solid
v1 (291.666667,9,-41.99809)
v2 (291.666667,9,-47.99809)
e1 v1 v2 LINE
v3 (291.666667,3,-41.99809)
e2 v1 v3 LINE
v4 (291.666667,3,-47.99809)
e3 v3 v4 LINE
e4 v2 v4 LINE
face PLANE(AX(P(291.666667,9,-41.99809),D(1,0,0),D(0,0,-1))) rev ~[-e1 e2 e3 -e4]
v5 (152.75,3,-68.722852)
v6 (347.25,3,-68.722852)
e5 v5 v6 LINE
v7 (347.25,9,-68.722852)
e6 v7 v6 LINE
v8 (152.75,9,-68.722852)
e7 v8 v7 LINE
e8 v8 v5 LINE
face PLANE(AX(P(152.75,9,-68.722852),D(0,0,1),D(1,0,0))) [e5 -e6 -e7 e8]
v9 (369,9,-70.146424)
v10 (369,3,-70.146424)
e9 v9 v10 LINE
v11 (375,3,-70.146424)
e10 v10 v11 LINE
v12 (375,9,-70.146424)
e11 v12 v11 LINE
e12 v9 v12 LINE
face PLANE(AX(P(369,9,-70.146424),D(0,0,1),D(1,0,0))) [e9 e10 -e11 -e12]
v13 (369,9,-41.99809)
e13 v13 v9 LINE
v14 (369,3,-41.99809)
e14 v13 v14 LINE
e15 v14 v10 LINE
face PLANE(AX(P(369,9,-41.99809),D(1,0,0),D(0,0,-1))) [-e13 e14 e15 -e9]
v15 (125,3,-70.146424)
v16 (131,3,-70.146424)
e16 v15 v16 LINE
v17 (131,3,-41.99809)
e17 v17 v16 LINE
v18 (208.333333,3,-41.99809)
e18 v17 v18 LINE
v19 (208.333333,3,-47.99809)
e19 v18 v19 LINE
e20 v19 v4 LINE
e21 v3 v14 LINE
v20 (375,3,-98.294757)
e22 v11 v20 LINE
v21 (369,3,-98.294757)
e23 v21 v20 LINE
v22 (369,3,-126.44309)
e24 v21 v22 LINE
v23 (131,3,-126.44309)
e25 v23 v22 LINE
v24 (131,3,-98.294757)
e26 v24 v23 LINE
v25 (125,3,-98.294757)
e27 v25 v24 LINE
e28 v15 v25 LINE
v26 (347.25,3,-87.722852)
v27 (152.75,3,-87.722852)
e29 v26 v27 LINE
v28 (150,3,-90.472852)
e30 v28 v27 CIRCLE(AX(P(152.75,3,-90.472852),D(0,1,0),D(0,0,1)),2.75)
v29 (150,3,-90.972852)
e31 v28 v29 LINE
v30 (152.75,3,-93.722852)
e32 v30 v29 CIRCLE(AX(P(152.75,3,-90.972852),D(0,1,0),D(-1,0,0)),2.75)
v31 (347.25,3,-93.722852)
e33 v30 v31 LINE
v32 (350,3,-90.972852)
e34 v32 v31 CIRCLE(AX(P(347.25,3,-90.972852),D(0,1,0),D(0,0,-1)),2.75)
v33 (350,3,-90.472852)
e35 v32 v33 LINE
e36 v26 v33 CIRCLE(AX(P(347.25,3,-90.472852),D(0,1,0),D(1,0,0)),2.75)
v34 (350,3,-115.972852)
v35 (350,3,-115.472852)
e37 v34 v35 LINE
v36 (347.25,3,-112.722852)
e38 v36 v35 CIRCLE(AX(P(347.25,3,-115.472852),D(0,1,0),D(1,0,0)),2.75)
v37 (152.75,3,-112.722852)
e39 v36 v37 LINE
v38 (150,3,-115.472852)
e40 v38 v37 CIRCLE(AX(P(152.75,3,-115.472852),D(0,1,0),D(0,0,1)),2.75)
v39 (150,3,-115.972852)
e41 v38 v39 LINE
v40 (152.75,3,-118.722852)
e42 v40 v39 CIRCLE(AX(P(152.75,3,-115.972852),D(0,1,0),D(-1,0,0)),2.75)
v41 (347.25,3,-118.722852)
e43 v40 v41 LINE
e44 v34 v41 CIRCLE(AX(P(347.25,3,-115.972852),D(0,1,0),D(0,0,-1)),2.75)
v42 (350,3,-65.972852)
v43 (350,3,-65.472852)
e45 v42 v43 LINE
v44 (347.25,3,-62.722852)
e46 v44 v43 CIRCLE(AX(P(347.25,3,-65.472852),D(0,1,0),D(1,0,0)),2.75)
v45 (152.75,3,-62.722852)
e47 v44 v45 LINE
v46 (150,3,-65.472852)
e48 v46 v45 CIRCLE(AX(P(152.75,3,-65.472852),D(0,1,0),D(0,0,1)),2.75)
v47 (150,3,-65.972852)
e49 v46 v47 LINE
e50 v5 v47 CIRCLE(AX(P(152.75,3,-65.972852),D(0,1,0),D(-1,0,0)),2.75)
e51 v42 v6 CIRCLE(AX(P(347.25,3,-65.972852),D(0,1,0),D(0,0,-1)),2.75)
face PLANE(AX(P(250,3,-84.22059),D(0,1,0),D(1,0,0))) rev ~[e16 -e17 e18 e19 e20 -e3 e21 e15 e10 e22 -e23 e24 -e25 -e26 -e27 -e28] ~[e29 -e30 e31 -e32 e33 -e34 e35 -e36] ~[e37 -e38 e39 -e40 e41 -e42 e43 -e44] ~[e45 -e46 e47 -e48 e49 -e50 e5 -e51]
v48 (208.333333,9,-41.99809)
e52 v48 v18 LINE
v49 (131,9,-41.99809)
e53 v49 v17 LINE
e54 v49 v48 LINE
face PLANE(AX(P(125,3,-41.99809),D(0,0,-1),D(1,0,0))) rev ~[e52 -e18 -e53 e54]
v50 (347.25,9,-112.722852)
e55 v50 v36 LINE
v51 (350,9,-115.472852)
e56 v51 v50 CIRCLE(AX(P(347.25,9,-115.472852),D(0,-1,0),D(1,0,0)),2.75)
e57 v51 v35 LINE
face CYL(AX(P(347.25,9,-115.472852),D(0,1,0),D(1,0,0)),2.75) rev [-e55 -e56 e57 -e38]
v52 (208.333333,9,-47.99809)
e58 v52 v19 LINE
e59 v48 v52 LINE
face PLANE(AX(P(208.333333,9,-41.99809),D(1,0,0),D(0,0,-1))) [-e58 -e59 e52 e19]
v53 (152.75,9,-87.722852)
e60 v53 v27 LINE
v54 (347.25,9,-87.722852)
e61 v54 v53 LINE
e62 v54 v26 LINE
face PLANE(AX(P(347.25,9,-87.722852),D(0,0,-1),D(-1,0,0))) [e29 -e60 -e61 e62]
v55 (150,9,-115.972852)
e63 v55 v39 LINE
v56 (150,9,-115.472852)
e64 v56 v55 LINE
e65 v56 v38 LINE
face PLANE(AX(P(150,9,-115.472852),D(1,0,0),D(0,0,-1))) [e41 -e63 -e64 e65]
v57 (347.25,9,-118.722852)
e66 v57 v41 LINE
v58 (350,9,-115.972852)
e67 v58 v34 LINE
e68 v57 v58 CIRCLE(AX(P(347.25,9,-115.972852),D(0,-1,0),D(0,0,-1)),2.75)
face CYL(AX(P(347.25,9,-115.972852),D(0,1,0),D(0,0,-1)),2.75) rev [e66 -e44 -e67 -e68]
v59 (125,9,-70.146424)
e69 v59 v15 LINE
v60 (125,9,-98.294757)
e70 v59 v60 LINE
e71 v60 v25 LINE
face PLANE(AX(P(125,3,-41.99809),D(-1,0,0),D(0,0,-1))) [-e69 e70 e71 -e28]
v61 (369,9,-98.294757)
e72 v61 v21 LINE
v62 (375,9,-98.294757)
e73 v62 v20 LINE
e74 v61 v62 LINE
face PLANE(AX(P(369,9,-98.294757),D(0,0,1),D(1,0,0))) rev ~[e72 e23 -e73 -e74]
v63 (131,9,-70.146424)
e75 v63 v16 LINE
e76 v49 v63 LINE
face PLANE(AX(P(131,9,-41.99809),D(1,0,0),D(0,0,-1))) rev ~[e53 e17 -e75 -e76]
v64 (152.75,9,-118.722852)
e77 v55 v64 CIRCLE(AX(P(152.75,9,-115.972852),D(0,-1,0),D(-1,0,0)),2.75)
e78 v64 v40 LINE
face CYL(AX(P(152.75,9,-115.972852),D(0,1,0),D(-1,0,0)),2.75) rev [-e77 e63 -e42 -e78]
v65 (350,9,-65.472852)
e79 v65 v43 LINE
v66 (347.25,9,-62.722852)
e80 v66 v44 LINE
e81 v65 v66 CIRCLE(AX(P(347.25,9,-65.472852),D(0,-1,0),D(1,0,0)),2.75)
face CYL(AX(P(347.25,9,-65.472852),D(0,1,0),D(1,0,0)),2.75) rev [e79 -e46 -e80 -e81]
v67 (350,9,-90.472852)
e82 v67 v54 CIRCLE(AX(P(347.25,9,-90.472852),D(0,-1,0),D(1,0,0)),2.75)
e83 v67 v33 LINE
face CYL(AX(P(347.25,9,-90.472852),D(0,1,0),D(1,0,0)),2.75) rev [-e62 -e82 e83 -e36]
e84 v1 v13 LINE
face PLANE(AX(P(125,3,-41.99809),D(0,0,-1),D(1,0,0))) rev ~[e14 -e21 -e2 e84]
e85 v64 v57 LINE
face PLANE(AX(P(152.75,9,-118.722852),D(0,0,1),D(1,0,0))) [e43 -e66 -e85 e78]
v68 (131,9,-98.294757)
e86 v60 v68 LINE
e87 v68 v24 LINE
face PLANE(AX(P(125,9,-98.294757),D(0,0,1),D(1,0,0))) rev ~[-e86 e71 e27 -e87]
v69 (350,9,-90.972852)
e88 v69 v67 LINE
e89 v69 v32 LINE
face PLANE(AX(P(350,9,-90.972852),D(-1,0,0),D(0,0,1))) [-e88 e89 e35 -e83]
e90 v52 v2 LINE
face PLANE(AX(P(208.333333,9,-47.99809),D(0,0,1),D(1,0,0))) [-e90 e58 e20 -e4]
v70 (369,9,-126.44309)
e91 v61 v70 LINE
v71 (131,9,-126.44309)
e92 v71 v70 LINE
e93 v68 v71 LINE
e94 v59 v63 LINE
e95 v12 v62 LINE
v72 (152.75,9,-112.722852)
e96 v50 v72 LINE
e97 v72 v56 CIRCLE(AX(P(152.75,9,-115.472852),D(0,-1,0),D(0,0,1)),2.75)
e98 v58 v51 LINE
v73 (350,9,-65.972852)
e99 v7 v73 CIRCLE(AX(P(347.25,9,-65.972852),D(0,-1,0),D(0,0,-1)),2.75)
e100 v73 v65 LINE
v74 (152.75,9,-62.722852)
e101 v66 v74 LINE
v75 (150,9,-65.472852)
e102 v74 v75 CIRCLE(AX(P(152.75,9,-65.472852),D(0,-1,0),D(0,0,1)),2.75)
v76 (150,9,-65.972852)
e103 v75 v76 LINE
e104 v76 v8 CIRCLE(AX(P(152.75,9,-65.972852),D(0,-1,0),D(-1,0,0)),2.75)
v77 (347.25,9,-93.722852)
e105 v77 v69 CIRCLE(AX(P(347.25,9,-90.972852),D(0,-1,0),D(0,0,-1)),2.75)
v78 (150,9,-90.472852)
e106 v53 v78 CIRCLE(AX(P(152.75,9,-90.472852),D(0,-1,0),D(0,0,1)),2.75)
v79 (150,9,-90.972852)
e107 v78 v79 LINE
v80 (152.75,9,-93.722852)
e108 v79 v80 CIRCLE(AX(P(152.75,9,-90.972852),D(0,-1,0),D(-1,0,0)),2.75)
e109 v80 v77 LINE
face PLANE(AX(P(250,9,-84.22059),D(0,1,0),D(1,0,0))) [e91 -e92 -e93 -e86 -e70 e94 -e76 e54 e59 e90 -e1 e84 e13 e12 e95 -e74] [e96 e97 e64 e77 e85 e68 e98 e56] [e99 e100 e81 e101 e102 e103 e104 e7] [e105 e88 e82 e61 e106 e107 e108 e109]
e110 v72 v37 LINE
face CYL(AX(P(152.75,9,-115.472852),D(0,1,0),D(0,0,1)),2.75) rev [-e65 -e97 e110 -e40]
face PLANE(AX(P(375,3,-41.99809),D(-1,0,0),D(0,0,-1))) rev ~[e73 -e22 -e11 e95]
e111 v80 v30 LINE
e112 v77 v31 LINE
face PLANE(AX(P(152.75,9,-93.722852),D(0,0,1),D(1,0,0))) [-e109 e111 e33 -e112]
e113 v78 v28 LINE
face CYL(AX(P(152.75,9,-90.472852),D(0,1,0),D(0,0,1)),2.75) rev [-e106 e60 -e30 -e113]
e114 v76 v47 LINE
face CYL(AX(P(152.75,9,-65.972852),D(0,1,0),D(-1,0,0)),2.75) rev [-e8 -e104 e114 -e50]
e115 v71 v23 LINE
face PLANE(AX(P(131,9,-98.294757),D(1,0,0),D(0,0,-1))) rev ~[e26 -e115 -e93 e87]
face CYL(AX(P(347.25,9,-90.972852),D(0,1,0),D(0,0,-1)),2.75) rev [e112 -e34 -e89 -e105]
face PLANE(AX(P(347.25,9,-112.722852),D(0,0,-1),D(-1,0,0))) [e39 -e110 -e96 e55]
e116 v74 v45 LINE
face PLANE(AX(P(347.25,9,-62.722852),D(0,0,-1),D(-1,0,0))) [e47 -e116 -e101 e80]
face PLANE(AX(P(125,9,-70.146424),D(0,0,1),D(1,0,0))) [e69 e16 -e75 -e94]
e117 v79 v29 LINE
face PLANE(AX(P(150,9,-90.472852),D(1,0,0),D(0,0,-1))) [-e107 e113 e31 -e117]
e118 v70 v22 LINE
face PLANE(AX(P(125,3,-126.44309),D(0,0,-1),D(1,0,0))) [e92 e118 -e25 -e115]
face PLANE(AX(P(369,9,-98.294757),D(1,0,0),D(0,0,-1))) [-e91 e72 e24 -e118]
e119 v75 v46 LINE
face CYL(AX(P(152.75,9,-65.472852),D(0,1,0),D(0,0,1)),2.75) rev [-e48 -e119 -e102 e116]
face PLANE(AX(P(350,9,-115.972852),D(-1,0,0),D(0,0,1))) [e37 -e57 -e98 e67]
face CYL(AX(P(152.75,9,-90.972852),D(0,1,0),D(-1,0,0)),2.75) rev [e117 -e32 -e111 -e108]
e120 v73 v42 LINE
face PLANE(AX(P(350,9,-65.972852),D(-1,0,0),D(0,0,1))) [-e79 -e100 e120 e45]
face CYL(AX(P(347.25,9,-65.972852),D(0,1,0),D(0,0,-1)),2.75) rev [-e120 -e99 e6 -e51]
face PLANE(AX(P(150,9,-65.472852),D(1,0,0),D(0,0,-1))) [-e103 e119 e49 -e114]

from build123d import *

# Parameters (mm, degrees)
SKETCH1_W           = 500
SKETCH1_H           = 168.89
BOSS_EXTRUDE1_DEPTH = 12
SKETCH2_W           = 166.666666666
SKETCH2_H           = 12
CUT_EXTRUDE1_DEPTH  = 528.889981057
SKETCH4_W           = 12
SKETCH4_H           = 56.296666667
CUT_EXTRUDE3_DEPTH  = 528.889981057
CUT_EXTRUDE4_DEPTH  = 528.889981057
LPATTERN1_COUNT     = 3
LPATTERN1_PITCH     = 50
SCALE1_SCALE        = 0.5


with BuildPart() as part:
    # Sketch1 → Boss-Extrude1 (new body)
    with BuildSketch(Plane(origin=(0, 0, 0), x_dir=(1, 0, 0), z_dir=(0, 1, 0))):
        with Locations((250, 84.445)):
            Rectangle(SKETCH1_W, SKETCH1_H)
    extrude(amount=BOSS_EXTRUDE1_DEPTH)

    # Sketch2 → Cut-Extrude1 (cut, through all)
    with BuildSketch(Plane(origin=(0, 12, 0), x_dir=(1, 0, 0), z_dir=(0, 1, 0))):
        with Locations((250, 6)):
            Rectangle(SKETCH2_W, SKETCH2_H)
    extrude(amount=-CUT_EXTRUDE1_DEPTH, mode=Mode.SUBTRACT)

    # Sketch4 → Cut-Extrude3 (cut, through all)
    with BuildSketch(Plane(origin=(0, 12, 0), x_dir=(1, 0, 0), z_dir=(0, 1, 0))):
        with Locations((6, 140.741666667)):
            Rectangle(SKETCH4_W, SKETCH4_H)
        with Locations((6, 28.148333334)):
            Rectangle(SKETCH4_W, SKETCH4_H)
        with Locations((494, 28.148333334)):
            Rectangle(SKETCH4_W, SKETCH4_H)
        with Locations((494, 140.741666667)):
            Rectangle(SKETCH4_W, SKETCH4_H)
    extrude(amount=-CUT_EXTRUDE3_DEPTH, mode=Mode.SUBTRACT)

    # Sketch5 → Cut-Extrude4 (cut, through all)
    with BuildSketch(Plane(origin=(0, 12, 0), x_dir=(1, 0, 0), z_dir=(0, 1, 0))):
        with BuildLine():
            Line((55.5, 153.449523313), (444.5, 153.449523313))
            ThreePointArc((444.5, 153.449523313), (448.389087297, 151.838610609), (450, 147.949523313))
            Line((450, 147.949523313), (450, 146.949523313))
            ThreePointArc((450, 146.949523313), (448.389087297, 143.060436016), (444.5, 141.449523313))
            Line((444.5, 141.449523313), (55.5, 141.449523313))
            ThreePointArc((55.5, 141.449523313), (51.610912703, 143.060436016), (50, 146.949523313))
            Line((50, 146.949523313), (50, 147.949523313))
            ThreePointArc((50, 147.949523313), (51.610912703, 151.838610609), (55.5, 153.449523313))
        make_face()
    cut_extrude4 = extrude(amount=-CUT_EXTRUDE4_DEPTH, mode=Mode.SUBTRACT)

    # LPattern1: Cut-Extrude4 ×3
    with Locations(*[(0, 0, i * LPATTERN1_PITCH) for i in range(1, LPATTERN1_COUNT)]):
        add(cut_extrude4, mode=Mode.SUBTRACT)


with BuildPart() as part_1:
    # Scale1: scaled about (250, 6, -83.99618036)
    add(part.part.scale(SCALE1_SCALE).moved(Location((125, 3, -41.99809018))))


solid = part_1.part
